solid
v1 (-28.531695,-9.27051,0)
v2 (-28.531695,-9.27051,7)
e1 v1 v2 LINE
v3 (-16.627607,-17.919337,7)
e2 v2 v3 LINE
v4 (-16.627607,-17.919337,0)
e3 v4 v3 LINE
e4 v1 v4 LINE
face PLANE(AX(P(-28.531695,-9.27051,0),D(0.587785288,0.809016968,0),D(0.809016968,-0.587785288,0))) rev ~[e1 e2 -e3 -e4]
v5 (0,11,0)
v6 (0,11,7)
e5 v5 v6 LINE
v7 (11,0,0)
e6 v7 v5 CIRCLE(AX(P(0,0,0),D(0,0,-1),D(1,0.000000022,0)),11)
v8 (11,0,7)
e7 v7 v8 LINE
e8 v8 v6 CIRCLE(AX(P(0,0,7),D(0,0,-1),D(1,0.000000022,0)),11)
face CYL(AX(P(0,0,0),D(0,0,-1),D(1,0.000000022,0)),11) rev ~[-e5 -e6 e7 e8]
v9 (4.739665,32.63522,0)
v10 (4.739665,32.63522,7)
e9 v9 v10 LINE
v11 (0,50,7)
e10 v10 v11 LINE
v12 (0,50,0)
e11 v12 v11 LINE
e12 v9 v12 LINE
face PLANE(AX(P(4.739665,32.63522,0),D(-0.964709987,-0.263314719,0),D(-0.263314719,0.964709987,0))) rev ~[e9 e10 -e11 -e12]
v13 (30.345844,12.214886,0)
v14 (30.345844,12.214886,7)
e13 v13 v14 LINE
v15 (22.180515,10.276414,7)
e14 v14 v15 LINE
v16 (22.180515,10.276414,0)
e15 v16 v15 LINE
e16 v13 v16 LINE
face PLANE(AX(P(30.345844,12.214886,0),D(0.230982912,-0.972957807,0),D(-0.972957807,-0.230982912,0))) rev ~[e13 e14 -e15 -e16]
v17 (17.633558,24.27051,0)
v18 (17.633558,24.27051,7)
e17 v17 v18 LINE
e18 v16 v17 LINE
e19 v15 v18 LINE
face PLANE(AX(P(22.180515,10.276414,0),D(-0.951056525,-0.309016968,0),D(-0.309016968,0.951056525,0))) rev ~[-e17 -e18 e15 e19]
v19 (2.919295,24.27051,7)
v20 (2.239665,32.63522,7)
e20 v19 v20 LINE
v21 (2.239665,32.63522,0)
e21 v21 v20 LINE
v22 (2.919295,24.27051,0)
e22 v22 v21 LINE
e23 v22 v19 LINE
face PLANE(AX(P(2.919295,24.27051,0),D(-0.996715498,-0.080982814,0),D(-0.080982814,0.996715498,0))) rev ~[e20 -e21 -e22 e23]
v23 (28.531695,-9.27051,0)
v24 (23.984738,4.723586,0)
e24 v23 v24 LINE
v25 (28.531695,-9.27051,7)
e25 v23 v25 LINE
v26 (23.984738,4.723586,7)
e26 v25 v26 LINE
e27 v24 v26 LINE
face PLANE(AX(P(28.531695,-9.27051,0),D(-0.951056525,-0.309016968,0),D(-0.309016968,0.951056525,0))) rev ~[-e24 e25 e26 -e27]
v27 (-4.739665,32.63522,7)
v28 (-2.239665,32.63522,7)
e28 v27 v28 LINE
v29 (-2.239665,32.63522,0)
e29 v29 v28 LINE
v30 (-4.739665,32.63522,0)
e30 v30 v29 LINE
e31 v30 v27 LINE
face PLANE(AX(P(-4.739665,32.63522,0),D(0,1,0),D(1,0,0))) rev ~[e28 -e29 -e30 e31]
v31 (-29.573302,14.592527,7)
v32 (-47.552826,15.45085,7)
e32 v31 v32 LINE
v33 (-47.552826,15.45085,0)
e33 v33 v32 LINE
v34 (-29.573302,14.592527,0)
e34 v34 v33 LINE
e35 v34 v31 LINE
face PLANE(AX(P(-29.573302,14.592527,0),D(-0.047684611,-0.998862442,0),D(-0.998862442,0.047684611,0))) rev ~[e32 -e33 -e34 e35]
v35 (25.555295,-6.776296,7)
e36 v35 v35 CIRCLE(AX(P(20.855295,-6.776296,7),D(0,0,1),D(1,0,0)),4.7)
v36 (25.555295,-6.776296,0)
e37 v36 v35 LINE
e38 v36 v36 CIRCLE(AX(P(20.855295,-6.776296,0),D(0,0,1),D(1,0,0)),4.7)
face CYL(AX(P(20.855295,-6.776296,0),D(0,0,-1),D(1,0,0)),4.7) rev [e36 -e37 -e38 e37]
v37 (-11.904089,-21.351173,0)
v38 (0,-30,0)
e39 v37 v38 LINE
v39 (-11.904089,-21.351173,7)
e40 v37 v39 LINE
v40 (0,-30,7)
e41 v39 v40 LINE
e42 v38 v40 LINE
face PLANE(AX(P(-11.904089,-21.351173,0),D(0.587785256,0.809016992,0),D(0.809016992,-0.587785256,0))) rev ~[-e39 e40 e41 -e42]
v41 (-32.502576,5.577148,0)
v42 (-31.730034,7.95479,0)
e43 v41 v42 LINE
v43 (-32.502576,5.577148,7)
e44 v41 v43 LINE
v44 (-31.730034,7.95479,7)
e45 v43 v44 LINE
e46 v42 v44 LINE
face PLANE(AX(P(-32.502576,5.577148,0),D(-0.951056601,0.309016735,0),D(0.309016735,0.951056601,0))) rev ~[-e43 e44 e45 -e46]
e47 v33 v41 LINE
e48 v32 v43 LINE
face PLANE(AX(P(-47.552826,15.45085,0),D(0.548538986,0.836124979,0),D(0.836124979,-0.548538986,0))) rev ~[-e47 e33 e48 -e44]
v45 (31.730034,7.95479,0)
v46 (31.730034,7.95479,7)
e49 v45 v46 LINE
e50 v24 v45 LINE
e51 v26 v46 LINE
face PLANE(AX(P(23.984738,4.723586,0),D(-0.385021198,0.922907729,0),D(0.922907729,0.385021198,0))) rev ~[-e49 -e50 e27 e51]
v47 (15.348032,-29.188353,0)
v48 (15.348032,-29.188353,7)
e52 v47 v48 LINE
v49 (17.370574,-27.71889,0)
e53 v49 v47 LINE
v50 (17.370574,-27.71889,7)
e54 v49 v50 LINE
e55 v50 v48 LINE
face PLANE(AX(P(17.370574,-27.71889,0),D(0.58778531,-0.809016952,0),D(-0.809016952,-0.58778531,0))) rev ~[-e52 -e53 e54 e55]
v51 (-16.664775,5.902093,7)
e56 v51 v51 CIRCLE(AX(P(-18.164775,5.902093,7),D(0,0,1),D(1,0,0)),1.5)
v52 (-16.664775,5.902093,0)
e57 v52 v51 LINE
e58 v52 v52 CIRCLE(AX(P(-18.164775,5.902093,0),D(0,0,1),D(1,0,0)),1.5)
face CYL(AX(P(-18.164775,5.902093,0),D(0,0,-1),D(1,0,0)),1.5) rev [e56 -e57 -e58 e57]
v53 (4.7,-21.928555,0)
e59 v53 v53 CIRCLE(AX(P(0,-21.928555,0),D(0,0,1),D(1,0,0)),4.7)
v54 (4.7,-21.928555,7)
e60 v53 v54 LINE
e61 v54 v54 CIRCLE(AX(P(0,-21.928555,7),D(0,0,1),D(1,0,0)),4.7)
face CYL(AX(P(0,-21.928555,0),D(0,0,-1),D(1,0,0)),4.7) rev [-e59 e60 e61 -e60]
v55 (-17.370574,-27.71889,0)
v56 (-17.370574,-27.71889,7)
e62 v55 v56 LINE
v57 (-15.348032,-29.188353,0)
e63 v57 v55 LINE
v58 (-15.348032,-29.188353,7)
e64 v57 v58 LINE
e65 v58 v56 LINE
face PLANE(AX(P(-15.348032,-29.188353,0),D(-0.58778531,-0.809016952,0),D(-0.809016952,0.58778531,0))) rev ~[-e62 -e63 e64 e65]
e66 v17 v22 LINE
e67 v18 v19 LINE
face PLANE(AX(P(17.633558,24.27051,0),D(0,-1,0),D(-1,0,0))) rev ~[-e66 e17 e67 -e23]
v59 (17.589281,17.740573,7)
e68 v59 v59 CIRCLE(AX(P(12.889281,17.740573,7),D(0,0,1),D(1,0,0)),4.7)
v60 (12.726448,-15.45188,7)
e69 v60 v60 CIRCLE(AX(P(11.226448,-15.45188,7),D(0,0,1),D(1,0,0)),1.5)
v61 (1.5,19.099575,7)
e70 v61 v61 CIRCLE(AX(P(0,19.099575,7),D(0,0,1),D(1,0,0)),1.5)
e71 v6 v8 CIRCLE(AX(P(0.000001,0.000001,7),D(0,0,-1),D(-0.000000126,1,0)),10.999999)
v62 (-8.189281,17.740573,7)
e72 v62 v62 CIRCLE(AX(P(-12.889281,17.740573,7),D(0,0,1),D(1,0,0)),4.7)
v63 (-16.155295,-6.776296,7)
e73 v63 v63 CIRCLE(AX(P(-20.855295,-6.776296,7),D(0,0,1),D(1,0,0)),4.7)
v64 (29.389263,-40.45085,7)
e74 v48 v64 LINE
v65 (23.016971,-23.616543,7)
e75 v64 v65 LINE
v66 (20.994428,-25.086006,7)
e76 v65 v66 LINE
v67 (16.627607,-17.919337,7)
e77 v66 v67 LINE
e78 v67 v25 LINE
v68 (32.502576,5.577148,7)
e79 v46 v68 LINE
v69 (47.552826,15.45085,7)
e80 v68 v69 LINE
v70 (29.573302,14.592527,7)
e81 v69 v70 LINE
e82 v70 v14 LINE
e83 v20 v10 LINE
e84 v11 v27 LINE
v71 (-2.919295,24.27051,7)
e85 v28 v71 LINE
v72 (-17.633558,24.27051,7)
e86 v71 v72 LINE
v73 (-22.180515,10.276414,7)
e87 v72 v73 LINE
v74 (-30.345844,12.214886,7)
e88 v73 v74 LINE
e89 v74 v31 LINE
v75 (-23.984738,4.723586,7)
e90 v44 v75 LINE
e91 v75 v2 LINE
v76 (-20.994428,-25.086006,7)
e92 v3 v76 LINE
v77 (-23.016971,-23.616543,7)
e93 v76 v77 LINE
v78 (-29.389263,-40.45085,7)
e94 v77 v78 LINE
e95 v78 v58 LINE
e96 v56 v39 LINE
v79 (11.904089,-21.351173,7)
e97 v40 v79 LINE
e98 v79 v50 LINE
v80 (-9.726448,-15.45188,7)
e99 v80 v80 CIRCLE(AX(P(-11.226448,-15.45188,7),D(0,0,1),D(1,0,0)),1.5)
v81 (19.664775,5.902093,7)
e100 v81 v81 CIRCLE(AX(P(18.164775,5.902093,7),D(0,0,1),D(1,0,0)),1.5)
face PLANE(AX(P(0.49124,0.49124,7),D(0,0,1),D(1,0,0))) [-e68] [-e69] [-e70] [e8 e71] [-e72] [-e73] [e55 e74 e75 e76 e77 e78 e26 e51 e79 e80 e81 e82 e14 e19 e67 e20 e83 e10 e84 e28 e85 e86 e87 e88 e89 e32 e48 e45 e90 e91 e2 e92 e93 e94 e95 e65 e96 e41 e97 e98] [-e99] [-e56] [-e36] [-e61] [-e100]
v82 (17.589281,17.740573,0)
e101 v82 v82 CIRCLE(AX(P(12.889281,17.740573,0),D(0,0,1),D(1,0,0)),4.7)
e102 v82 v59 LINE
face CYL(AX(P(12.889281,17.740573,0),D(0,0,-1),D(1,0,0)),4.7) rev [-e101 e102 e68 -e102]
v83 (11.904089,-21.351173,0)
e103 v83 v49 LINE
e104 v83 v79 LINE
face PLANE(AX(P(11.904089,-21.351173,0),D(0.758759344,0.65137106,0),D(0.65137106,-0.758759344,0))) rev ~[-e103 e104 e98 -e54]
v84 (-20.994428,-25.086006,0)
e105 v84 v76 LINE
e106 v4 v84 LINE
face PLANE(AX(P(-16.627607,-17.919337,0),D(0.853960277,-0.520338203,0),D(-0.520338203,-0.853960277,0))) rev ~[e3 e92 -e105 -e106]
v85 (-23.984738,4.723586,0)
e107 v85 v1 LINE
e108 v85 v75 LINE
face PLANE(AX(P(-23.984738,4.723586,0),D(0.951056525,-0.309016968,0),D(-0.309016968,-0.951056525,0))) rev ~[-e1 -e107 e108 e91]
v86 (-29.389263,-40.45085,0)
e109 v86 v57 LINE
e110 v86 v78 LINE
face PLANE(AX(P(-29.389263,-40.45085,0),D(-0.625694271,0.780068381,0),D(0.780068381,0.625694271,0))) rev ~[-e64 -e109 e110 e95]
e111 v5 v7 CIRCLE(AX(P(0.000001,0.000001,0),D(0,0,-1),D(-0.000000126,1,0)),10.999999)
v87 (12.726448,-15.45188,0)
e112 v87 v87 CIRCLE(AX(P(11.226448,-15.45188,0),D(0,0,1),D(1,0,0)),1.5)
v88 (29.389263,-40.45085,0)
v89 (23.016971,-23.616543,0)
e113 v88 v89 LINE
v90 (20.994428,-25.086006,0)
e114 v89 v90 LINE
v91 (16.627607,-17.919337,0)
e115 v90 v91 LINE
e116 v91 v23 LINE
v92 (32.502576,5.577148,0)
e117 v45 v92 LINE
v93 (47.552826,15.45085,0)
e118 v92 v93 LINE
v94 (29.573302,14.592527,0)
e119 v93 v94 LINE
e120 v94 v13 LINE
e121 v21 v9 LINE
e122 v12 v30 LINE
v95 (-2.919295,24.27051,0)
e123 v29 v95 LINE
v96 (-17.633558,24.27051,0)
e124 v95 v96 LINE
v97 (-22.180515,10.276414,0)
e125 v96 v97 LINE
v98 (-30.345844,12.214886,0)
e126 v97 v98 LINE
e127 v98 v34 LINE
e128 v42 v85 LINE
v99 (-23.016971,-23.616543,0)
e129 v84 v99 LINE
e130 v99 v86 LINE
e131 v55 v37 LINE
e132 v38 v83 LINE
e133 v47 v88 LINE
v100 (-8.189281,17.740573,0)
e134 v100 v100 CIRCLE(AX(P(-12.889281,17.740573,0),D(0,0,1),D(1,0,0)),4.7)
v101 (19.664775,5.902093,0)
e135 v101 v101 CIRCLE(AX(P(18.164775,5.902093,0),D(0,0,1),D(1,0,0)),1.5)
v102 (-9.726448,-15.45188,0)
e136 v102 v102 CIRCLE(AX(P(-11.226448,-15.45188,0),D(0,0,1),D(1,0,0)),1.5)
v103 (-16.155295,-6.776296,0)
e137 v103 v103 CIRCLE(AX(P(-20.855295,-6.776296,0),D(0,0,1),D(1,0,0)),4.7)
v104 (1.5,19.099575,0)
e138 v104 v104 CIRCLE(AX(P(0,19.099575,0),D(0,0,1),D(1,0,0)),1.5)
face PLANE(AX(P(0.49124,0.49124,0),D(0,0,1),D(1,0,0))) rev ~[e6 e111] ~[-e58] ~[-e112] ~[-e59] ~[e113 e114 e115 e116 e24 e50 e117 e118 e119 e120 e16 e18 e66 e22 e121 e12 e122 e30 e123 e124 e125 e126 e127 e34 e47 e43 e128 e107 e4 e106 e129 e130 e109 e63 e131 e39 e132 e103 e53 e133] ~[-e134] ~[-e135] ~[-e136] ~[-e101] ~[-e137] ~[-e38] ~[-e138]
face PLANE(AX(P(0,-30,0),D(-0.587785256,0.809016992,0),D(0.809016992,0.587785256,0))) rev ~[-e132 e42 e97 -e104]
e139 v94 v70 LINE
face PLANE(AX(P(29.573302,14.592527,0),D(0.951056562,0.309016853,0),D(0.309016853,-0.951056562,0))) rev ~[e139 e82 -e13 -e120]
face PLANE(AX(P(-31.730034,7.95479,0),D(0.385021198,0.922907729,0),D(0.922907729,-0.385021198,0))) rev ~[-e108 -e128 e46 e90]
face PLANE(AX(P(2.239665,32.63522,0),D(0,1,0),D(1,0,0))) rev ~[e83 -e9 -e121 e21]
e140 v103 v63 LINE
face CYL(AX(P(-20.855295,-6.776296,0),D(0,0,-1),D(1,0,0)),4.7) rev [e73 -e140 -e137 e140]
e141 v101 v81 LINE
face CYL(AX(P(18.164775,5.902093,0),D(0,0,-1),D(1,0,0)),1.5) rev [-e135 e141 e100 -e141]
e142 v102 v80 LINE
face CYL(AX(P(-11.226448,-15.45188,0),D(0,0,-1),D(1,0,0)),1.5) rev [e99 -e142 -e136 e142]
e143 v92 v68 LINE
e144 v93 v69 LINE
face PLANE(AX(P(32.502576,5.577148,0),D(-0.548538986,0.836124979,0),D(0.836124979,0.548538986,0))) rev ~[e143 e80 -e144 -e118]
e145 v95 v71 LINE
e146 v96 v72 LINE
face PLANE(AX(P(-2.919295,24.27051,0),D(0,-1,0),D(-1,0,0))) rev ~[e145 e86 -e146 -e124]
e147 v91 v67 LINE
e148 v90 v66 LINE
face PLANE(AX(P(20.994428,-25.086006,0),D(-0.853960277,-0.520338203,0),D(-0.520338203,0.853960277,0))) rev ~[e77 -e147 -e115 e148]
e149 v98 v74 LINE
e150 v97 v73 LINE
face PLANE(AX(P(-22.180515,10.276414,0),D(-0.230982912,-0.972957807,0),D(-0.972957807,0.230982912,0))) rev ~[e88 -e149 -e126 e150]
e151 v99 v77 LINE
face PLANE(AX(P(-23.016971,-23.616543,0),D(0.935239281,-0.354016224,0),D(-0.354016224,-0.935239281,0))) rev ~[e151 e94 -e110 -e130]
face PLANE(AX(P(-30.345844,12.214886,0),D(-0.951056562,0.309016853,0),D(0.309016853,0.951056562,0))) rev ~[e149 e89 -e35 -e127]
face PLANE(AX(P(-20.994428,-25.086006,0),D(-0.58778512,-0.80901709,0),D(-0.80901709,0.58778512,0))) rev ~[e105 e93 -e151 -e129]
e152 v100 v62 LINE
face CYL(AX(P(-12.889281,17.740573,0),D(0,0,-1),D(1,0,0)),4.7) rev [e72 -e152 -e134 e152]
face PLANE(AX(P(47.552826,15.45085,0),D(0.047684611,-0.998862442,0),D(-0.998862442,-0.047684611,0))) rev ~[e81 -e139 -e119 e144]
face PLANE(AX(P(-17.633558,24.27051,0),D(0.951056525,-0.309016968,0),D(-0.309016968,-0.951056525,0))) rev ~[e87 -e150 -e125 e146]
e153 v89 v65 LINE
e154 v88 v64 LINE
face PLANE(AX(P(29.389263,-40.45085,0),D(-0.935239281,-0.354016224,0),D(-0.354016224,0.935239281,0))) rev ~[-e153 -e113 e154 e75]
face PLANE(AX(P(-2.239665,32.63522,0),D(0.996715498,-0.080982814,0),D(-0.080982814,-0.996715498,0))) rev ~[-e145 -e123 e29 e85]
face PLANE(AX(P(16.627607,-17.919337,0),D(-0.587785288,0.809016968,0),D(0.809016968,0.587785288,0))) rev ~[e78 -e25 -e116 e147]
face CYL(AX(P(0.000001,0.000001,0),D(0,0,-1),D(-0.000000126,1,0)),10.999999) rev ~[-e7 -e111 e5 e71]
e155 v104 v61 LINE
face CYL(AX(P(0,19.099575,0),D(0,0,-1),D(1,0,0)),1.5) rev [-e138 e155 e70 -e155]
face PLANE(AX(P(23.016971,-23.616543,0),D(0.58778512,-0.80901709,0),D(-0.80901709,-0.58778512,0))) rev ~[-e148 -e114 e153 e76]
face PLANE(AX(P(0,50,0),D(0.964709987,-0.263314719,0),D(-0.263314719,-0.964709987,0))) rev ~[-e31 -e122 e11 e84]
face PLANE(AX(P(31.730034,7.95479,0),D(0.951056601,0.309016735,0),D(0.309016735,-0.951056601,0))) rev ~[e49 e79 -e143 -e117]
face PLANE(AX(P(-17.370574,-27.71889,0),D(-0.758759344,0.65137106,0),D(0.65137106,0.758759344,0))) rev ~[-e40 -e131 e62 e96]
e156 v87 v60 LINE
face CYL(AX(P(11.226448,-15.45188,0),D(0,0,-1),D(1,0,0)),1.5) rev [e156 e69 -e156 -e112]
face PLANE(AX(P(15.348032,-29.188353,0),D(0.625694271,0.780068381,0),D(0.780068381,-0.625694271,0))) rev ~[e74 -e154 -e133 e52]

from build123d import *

# Parameters (mm, degrees)
F0_R     = 4.7
F0_R_2   = 1.5
F1_DEPTH = 7


with BuildPart() as f1:
    # F0 (on Top) → F1 (new body)
    with BuildSketch(Plane.XY):
        with BuildLine():
            ThreePointArc((0, 11), (-7.778175, -7.778175), (11, 0))
            ThreePointArc((11, 0), (7.778175, 7.778175), (0, 11))
        make_face()
        Polygon((-11.904089, -21.351173), (0, -30), (11.904089, -21.351173), (17.370574, -27.71889), (15.348032, -29.188353), (29.389263, -40.45085), (23.016971, -23.616543), (20.994428, -25.086006), (16.627607, -17.919337), (28.531695, -9.27051), (23.984738, 4.723586), (31.730034, 7.95479), (32.502576, 5.577148), (47.552826, 15.45085), (29.573302, 14.592527), (30.345844, 12.214886), (22.180515, 10.276414), (17.633558, 24.27051), (2.919295, 24.27051), (2.239665, 32.63522), (4.739665, 32.63522), (0, 50), (-4.739665, 32.63522), (-2.239665, 32.63522), (-2.919295, 24.27051), (-17.633558, 24.27051), (-22.180515, 10.276414), (-30.345844, 12.214886), (-29.573302, 14.592527), (-47.552826, 15.45085), (-32.502576, 5.577148), (-31.730034, 7.95479), (-23.984738, 4.723586), (-28.531695, -9.27051), (-16.627607, -17.919337), (-20.994428, -25.086006), (-23.016971, -23.616543), (-29.389263, -40.45085), (-15.348032, -29.188353), (-17.370574, -27.71889), align=None)
        with Locations((0, -21.928555)):
            Circle(F0_R, mode=Mode.SUBTRACT)
        with Locations((-20.855295, -6.776296)):
            Circle(F0_R, mode=Mode.SUBTRACT)
        with Locations((-11.226448, -15.45188)):
            Circle(F0_R_2, mode=Mode.SUBTRACT)
        with BuildLine():
            ThreePointArc((0, 11), (7.778175, 7.778175), (11, 0))
            ThreePointArc((11, 0), (-7.778175, -7.778175), (0, 11))
        make_face(mode=Mode.SUBTRACT)
        with Locations((11.226448, -15.45188)):
            Circle(F0_R_2, mode=Mode.SUBTRACT)
        with Locations((20.855295, -6.776296)):
            Circle(F0_R, mode=Mode.SUBTRACT)
        with Locations((-18.164775, 5.902093)):
            Circle(F0_R_2, mode=Mode.SUBTRACT)
        with Locations((-12.889281, 17.740573)):
            Circle(F0_R, mode=Mode.SUBTRACT)
        with Locations((0, 19.099575)):
            Circle(F0_R_2, mode=Mode.SUBTRACT)
        with Locations((18.164775, 5.902093)):
            Circle(F0_R_2, mode=Mode.SUBTRACT)
        with Locations((12.889281, 17.740573)):
            Circle(F0_R, mode=Mode.SUBTRACT)
    extrude(amount=F1_DEPTH)


solid = f1.part
